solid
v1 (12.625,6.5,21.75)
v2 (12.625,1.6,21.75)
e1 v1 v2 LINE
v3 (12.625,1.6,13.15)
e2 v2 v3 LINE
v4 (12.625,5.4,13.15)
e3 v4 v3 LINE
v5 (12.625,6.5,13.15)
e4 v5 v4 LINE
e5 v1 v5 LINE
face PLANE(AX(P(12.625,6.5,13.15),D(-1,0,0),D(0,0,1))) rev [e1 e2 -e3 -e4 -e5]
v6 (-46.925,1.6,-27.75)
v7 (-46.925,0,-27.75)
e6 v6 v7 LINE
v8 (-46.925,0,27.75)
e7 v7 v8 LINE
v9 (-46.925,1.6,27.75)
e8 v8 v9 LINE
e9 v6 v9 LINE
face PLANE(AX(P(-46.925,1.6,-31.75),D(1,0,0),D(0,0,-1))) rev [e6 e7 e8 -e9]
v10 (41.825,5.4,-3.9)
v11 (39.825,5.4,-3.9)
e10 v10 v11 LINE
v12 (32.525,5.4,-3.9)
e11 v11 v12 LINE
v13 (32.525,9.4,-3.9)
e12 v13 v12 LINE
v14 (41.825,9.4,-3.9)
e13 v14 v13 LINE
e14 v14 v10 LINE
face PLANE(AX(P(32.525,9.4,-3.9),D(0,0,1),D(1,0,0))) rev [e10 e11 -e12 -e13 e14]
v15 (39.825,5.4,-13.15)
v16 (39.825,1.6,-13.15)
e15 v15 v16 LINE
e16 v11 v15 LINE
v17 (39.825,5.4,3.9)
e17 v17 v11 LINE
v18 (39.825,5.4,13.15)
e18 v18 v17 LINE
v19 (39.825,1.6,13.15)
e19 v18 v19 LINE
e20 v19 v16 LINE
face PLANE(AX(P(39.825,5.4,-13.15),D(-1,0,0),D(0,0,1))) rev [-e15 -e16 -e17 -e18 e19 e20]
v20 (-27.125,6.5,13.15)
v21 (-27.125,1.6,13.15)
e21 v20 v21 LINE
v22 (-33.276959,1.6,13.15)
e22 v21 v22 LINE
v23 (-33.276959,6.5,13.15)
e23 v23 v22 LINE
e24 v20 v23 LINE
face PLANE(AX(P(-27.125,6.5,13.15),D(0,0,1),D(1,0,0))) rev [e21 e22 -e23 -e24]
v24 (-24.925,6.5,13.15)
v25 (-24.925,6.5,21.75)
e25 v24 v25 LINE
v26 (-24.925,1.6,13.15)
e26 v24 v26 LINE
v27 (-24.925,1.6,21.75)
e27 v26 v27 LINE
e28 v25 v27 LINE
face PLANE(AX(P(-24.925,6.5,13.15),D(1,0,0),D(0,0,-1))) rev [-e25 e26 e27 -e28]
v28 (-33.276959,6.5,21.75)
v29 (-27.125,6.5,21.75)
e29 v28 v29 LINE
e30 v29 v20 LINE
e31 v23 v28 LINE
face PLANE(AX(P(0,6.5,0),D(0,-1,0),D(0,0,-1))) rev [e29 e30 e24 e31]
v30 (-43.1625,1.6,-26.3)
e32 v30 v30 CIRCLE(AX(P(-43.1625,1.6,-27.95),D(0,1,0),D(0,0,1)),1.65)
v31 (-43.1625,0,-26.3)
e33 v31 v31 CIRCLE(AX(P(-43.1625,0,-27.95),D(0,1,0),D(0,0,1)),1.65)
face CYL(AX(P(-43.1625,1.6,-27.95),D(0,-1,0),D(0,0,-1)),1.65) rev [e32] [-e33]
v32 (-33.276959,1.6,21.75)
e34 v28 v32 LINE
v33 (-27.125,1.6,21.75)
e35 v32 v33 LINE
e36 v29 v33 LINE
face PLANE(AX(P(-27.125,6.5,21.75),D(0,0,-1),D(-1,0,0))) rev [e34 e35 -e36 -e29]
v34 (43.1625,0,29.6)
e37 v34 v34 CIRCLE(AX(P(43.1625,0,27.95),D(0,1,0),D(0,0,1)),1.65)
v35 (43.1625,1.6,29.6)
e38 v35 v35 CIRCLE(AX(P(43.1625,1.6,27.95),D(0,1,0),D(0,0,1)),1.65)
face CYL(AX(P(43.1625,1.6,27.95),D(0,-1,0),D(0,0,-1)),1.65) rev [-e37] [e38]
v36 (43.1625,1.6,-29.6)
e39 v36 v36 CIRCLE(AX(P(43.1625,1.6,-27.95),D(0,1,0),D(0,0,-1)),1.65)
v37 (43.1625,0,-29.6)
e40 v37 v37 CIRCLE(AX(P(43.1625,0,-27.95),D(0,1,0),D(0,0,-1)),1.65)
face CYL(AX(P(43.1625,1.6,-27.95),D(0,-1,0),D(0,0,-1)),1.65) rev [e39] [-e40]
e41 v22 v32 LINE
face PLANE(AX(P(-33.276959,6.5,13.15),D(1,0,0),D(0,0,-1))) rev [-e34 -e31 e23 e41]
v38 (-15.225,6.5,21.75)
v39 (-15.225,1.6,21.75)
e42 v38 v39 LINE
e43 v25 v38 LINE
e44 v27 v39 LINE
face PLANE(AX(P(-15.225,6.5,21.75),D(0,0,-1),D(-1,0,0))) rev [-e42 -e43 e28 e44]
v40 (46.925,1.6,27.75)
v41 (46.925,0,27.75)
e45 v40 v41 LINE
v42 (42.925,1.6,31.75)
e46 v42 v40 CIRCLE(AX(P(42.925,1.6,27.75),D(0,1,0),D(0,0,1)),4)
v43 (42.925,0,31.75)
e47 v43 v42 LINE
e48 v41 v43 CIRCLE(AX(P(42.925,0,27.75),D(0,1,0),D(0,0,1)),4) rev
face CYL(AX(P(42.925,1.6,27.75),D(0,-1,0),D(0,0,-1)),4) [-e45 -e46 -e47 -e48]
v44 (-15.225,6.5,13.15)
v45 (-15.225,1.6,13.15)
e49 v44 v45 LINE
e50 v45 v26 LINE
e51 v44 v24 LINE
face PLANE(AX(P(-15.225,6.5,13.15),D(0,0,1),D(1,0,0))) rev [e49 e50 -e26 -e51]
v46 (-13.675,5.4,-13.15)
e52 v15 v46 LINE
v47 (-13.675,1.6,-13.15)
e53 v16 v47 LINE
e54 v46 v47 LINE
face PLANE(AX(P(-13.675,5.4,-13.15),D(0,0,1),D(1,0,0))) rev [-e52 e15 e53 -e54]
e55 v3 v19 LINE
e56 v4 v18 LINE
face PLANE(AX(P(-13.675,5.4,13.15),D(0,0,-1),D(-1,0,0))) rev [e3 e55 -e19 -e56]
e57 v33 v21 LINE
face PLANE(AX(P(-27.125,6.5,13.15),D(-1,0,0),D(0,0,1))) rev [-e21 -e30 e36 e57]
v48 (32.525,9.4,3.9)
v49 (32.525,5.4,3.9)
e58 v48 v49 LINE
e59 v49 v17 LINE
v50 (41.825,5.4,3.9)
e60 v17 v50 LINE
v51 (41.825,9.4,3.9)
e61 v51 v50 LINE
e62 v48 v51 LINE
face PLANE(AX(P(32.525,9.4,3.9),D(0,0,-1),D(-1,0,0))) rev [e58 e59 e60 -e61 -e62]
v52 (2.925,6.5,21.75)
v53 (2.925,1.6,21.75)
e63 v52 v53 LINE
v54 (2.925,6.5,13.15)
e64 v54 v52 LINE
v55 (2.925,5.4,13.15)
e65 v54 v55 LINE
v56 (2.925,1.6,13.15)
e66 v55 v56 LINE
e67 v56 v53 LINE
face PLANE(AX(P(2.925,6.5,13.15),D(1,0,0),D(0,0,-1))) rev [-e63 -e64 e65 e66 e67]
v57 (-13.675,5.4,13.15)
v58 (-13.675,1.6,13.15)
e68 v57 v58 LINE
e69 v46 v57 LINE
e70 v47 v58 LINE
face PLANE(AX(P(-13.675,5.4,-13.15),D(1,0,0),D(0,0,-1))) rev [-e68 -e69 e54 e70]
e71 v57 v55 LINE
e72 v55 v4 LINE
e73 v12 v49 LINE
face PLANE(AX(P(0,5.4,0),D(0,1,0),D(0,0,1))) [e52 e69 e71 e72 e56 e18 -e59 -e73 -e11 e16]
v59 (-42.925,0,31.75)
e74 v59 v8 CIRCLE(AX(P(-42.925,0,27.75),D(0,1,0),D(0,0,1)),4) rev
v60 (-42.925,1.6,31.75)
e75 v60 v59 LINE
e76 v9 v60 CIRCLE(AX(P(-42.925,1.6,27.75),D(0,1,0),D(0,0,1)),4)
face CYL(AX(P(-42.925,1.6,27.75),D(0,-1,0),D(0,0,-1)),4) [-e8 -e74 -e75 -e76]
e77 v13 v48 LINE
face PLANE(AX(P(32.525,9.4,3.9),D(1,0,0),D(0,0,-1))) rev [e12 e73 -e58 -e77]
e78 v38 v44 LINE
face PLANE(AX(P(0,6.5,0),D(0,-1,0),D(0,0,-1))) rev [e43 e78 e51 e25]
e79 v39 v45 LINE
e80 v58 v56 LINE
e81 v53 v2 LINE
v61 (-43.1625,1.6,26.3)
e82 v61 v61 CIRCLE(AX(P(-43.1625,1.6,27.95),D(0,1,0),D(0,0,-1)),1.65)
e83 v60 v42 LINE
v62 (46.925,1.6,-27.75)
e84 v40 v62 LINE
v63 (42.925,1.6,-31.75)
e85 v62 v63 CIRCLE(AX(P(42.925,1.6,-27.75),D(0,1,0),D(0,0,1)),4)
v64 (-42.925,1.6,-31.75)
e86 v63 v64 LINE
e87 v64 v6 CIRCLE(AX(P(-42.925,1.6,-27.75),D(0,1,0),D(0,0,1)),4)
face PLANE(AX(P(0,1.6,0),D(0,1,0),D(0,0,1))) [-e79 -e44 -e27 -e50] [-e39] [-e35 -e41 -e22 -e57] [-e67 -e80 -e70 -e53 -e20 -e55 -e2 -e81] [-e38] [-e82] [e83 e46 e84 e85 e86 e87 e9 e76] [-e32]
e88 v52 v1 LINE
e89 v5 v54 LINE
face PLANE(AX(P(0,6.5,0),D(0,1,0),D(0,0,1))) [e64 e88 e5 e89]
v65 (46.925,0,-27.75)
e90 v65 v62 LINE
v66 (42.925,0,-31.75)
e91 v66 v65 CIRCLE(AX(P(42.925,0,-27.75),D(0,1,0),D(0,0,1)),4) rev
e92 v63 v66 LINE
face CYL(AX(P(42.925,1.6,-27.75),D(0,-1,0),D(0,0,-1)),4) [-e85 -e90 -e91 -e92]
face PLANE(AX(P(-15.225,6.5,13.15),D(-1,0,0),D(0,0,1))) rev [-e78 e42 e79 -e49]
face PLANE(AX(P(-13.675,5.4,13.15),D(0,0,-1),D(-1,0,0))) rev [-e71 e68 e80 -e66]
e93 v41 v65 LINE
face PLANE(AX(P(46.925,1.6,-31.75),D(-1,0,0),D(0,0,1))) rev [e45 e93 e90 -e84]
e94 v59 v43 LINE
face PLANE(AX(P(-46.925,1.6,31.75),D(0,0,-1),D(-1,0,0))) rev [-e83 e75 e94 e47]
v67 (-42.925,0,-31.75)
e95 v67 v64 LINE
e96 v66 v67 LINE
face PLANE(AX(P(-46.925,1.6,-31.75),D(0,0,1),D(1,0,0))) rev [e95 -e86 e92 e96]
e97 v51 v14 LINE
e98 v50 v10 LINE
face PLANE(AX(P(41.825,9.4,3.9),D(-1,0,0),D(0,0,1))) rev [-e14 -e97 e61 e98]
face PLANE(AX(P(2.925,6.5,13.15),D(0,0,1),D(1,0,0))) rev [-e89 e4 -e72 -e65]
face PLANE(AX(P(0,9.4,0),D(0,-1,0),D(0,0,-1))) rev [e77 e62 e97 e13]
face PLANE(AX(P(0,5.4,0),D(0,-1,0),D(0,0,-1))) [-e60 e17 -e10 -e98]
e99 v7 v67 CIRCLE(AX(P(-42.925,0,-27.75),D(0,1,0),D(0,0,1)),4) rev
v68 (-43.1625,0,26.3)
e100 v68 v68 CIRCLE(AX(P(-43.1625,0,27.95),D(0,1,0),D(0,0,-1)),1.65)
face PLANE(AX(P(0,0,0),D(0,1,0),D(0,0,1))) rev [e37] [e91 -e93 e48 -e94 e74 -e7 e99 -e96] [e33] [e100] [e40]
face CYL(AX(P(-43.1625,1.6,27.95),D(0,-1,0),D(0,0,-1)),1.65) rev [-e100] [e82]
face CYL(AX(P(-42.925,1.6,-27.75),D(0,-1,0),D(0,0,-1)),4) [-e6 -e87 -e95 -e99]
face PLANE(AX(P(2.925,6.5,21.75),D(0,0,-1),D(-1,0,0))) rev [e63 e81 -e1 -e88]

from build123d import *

# Parameters (mm, degrees)
SKETCH1_W           = 93.85
SKETCH1_H           = 63.5
SKETCH1_R           = 1.65
BOSS_EXTRUDE1_DEPTH = 1.6
FILLET1_R           = 4
SKETCH2_W           = 53.5
SKETCH2_H           = 26.3
BOSS_EXTRUDE2_DEPTH = 3.8
SKETCH3_W           = 9.3
SKETCH3_H           = 7.8
BOSS_EXTRUDE3_DEPTH = 4
SKETCH4_W           = 9.7
SKETCH4_H           = 8.6
SKETCH4_W_2         = 6.151959396
BOSS_EXTRUDE4_DEPTH = 4.9


with BuildPart() as part:
    # Sketch1 → Boss-Extrude1 (new body)
    with BuildSketch(Plane(origin=(0, 0, 0), x_dir=(1, 0, 0), z_dir=(0, 1, 0))):
        Rectangle(SKETCH1_W, SKETCH1_H)
        with Locations((-43.1625, 27.95)):
            Circle(SKETCH1_R, mode=Mode.SUBTRACT)
        with Locations((43.1625, 27.95)):
            Circle(SKETCH1_R, mode=Mode.SUBTRACT)
        with Locations((43.1625, -27.95)):
            Circle(SKETCH1_R, mode=Mode.SUBTRACT)
        with Locations((-43.1625, -27.95)):
            Circle(SKETCH1_R, mode=Mode.SUBTRACT)
    extrude(amount=BOSS_EXTRUDE1_DEPTH)

    # Fillet1
    fillet1_edges = [part.edges().sort_by_distance(p)[0] for p in [
        (46.925, 0.8, 31.75),
        (-46.925, 0.8, 31.75),
        (-46.925, 0.8, -31.75),
        (46.925, 0.8, -31.75),
    ]]
    fillet(fillet1_edges, radius=FILLET1_R)

    # Sketch2 → Boss-Extrude2 (add)
    with BuildSketch(Plane(origin=(0, 1.6, 0), x_dir=(1, 0, 0), z_dir=(0, 1, 0))):
        with Locations((13.075, 0)):
            Rectangle(SKETCH2_W, SKETCH2_H)
    extrude(amount=BOSS_EXTRUDE2_DEPTH)

    # Sketch3 → Boss-Extrude3 (add)
    with BuildSketch(Plane(origin=(0, 5.4, 0), x_dir=(1, 0, 0), z_dir=(0, 1, 0))):
        with Locations((37.175, 0)):
            Rectangle(SKETCH3_W, SKETCH3_H)
    extrude(amount=BOSS_EXTRUDE3_DEPTH)

    # Sketch4 → Boss-Extrude4 (add)
    with BuildSketch(Plane(origin=(0, 1.6, 0), x_dir=(1, 0, 0), z_dir=(0, 1, 0))):
        with Locations((7.775, -17.45)):
            Rectangle(SKETCH4_W, SKETCH4_H)
        with Locations((-20.075, -17.45)):
            Rectangle(SKETCH4_W, SKETCH4_H)
        with Locations((-30.200979698, -17.45)):
            Rectangle(SKETCH4_W_2, SKETCH4_H)
    extrude(amount=BOSS_EXTRUDE4_DEPTH)


solid = part.part
